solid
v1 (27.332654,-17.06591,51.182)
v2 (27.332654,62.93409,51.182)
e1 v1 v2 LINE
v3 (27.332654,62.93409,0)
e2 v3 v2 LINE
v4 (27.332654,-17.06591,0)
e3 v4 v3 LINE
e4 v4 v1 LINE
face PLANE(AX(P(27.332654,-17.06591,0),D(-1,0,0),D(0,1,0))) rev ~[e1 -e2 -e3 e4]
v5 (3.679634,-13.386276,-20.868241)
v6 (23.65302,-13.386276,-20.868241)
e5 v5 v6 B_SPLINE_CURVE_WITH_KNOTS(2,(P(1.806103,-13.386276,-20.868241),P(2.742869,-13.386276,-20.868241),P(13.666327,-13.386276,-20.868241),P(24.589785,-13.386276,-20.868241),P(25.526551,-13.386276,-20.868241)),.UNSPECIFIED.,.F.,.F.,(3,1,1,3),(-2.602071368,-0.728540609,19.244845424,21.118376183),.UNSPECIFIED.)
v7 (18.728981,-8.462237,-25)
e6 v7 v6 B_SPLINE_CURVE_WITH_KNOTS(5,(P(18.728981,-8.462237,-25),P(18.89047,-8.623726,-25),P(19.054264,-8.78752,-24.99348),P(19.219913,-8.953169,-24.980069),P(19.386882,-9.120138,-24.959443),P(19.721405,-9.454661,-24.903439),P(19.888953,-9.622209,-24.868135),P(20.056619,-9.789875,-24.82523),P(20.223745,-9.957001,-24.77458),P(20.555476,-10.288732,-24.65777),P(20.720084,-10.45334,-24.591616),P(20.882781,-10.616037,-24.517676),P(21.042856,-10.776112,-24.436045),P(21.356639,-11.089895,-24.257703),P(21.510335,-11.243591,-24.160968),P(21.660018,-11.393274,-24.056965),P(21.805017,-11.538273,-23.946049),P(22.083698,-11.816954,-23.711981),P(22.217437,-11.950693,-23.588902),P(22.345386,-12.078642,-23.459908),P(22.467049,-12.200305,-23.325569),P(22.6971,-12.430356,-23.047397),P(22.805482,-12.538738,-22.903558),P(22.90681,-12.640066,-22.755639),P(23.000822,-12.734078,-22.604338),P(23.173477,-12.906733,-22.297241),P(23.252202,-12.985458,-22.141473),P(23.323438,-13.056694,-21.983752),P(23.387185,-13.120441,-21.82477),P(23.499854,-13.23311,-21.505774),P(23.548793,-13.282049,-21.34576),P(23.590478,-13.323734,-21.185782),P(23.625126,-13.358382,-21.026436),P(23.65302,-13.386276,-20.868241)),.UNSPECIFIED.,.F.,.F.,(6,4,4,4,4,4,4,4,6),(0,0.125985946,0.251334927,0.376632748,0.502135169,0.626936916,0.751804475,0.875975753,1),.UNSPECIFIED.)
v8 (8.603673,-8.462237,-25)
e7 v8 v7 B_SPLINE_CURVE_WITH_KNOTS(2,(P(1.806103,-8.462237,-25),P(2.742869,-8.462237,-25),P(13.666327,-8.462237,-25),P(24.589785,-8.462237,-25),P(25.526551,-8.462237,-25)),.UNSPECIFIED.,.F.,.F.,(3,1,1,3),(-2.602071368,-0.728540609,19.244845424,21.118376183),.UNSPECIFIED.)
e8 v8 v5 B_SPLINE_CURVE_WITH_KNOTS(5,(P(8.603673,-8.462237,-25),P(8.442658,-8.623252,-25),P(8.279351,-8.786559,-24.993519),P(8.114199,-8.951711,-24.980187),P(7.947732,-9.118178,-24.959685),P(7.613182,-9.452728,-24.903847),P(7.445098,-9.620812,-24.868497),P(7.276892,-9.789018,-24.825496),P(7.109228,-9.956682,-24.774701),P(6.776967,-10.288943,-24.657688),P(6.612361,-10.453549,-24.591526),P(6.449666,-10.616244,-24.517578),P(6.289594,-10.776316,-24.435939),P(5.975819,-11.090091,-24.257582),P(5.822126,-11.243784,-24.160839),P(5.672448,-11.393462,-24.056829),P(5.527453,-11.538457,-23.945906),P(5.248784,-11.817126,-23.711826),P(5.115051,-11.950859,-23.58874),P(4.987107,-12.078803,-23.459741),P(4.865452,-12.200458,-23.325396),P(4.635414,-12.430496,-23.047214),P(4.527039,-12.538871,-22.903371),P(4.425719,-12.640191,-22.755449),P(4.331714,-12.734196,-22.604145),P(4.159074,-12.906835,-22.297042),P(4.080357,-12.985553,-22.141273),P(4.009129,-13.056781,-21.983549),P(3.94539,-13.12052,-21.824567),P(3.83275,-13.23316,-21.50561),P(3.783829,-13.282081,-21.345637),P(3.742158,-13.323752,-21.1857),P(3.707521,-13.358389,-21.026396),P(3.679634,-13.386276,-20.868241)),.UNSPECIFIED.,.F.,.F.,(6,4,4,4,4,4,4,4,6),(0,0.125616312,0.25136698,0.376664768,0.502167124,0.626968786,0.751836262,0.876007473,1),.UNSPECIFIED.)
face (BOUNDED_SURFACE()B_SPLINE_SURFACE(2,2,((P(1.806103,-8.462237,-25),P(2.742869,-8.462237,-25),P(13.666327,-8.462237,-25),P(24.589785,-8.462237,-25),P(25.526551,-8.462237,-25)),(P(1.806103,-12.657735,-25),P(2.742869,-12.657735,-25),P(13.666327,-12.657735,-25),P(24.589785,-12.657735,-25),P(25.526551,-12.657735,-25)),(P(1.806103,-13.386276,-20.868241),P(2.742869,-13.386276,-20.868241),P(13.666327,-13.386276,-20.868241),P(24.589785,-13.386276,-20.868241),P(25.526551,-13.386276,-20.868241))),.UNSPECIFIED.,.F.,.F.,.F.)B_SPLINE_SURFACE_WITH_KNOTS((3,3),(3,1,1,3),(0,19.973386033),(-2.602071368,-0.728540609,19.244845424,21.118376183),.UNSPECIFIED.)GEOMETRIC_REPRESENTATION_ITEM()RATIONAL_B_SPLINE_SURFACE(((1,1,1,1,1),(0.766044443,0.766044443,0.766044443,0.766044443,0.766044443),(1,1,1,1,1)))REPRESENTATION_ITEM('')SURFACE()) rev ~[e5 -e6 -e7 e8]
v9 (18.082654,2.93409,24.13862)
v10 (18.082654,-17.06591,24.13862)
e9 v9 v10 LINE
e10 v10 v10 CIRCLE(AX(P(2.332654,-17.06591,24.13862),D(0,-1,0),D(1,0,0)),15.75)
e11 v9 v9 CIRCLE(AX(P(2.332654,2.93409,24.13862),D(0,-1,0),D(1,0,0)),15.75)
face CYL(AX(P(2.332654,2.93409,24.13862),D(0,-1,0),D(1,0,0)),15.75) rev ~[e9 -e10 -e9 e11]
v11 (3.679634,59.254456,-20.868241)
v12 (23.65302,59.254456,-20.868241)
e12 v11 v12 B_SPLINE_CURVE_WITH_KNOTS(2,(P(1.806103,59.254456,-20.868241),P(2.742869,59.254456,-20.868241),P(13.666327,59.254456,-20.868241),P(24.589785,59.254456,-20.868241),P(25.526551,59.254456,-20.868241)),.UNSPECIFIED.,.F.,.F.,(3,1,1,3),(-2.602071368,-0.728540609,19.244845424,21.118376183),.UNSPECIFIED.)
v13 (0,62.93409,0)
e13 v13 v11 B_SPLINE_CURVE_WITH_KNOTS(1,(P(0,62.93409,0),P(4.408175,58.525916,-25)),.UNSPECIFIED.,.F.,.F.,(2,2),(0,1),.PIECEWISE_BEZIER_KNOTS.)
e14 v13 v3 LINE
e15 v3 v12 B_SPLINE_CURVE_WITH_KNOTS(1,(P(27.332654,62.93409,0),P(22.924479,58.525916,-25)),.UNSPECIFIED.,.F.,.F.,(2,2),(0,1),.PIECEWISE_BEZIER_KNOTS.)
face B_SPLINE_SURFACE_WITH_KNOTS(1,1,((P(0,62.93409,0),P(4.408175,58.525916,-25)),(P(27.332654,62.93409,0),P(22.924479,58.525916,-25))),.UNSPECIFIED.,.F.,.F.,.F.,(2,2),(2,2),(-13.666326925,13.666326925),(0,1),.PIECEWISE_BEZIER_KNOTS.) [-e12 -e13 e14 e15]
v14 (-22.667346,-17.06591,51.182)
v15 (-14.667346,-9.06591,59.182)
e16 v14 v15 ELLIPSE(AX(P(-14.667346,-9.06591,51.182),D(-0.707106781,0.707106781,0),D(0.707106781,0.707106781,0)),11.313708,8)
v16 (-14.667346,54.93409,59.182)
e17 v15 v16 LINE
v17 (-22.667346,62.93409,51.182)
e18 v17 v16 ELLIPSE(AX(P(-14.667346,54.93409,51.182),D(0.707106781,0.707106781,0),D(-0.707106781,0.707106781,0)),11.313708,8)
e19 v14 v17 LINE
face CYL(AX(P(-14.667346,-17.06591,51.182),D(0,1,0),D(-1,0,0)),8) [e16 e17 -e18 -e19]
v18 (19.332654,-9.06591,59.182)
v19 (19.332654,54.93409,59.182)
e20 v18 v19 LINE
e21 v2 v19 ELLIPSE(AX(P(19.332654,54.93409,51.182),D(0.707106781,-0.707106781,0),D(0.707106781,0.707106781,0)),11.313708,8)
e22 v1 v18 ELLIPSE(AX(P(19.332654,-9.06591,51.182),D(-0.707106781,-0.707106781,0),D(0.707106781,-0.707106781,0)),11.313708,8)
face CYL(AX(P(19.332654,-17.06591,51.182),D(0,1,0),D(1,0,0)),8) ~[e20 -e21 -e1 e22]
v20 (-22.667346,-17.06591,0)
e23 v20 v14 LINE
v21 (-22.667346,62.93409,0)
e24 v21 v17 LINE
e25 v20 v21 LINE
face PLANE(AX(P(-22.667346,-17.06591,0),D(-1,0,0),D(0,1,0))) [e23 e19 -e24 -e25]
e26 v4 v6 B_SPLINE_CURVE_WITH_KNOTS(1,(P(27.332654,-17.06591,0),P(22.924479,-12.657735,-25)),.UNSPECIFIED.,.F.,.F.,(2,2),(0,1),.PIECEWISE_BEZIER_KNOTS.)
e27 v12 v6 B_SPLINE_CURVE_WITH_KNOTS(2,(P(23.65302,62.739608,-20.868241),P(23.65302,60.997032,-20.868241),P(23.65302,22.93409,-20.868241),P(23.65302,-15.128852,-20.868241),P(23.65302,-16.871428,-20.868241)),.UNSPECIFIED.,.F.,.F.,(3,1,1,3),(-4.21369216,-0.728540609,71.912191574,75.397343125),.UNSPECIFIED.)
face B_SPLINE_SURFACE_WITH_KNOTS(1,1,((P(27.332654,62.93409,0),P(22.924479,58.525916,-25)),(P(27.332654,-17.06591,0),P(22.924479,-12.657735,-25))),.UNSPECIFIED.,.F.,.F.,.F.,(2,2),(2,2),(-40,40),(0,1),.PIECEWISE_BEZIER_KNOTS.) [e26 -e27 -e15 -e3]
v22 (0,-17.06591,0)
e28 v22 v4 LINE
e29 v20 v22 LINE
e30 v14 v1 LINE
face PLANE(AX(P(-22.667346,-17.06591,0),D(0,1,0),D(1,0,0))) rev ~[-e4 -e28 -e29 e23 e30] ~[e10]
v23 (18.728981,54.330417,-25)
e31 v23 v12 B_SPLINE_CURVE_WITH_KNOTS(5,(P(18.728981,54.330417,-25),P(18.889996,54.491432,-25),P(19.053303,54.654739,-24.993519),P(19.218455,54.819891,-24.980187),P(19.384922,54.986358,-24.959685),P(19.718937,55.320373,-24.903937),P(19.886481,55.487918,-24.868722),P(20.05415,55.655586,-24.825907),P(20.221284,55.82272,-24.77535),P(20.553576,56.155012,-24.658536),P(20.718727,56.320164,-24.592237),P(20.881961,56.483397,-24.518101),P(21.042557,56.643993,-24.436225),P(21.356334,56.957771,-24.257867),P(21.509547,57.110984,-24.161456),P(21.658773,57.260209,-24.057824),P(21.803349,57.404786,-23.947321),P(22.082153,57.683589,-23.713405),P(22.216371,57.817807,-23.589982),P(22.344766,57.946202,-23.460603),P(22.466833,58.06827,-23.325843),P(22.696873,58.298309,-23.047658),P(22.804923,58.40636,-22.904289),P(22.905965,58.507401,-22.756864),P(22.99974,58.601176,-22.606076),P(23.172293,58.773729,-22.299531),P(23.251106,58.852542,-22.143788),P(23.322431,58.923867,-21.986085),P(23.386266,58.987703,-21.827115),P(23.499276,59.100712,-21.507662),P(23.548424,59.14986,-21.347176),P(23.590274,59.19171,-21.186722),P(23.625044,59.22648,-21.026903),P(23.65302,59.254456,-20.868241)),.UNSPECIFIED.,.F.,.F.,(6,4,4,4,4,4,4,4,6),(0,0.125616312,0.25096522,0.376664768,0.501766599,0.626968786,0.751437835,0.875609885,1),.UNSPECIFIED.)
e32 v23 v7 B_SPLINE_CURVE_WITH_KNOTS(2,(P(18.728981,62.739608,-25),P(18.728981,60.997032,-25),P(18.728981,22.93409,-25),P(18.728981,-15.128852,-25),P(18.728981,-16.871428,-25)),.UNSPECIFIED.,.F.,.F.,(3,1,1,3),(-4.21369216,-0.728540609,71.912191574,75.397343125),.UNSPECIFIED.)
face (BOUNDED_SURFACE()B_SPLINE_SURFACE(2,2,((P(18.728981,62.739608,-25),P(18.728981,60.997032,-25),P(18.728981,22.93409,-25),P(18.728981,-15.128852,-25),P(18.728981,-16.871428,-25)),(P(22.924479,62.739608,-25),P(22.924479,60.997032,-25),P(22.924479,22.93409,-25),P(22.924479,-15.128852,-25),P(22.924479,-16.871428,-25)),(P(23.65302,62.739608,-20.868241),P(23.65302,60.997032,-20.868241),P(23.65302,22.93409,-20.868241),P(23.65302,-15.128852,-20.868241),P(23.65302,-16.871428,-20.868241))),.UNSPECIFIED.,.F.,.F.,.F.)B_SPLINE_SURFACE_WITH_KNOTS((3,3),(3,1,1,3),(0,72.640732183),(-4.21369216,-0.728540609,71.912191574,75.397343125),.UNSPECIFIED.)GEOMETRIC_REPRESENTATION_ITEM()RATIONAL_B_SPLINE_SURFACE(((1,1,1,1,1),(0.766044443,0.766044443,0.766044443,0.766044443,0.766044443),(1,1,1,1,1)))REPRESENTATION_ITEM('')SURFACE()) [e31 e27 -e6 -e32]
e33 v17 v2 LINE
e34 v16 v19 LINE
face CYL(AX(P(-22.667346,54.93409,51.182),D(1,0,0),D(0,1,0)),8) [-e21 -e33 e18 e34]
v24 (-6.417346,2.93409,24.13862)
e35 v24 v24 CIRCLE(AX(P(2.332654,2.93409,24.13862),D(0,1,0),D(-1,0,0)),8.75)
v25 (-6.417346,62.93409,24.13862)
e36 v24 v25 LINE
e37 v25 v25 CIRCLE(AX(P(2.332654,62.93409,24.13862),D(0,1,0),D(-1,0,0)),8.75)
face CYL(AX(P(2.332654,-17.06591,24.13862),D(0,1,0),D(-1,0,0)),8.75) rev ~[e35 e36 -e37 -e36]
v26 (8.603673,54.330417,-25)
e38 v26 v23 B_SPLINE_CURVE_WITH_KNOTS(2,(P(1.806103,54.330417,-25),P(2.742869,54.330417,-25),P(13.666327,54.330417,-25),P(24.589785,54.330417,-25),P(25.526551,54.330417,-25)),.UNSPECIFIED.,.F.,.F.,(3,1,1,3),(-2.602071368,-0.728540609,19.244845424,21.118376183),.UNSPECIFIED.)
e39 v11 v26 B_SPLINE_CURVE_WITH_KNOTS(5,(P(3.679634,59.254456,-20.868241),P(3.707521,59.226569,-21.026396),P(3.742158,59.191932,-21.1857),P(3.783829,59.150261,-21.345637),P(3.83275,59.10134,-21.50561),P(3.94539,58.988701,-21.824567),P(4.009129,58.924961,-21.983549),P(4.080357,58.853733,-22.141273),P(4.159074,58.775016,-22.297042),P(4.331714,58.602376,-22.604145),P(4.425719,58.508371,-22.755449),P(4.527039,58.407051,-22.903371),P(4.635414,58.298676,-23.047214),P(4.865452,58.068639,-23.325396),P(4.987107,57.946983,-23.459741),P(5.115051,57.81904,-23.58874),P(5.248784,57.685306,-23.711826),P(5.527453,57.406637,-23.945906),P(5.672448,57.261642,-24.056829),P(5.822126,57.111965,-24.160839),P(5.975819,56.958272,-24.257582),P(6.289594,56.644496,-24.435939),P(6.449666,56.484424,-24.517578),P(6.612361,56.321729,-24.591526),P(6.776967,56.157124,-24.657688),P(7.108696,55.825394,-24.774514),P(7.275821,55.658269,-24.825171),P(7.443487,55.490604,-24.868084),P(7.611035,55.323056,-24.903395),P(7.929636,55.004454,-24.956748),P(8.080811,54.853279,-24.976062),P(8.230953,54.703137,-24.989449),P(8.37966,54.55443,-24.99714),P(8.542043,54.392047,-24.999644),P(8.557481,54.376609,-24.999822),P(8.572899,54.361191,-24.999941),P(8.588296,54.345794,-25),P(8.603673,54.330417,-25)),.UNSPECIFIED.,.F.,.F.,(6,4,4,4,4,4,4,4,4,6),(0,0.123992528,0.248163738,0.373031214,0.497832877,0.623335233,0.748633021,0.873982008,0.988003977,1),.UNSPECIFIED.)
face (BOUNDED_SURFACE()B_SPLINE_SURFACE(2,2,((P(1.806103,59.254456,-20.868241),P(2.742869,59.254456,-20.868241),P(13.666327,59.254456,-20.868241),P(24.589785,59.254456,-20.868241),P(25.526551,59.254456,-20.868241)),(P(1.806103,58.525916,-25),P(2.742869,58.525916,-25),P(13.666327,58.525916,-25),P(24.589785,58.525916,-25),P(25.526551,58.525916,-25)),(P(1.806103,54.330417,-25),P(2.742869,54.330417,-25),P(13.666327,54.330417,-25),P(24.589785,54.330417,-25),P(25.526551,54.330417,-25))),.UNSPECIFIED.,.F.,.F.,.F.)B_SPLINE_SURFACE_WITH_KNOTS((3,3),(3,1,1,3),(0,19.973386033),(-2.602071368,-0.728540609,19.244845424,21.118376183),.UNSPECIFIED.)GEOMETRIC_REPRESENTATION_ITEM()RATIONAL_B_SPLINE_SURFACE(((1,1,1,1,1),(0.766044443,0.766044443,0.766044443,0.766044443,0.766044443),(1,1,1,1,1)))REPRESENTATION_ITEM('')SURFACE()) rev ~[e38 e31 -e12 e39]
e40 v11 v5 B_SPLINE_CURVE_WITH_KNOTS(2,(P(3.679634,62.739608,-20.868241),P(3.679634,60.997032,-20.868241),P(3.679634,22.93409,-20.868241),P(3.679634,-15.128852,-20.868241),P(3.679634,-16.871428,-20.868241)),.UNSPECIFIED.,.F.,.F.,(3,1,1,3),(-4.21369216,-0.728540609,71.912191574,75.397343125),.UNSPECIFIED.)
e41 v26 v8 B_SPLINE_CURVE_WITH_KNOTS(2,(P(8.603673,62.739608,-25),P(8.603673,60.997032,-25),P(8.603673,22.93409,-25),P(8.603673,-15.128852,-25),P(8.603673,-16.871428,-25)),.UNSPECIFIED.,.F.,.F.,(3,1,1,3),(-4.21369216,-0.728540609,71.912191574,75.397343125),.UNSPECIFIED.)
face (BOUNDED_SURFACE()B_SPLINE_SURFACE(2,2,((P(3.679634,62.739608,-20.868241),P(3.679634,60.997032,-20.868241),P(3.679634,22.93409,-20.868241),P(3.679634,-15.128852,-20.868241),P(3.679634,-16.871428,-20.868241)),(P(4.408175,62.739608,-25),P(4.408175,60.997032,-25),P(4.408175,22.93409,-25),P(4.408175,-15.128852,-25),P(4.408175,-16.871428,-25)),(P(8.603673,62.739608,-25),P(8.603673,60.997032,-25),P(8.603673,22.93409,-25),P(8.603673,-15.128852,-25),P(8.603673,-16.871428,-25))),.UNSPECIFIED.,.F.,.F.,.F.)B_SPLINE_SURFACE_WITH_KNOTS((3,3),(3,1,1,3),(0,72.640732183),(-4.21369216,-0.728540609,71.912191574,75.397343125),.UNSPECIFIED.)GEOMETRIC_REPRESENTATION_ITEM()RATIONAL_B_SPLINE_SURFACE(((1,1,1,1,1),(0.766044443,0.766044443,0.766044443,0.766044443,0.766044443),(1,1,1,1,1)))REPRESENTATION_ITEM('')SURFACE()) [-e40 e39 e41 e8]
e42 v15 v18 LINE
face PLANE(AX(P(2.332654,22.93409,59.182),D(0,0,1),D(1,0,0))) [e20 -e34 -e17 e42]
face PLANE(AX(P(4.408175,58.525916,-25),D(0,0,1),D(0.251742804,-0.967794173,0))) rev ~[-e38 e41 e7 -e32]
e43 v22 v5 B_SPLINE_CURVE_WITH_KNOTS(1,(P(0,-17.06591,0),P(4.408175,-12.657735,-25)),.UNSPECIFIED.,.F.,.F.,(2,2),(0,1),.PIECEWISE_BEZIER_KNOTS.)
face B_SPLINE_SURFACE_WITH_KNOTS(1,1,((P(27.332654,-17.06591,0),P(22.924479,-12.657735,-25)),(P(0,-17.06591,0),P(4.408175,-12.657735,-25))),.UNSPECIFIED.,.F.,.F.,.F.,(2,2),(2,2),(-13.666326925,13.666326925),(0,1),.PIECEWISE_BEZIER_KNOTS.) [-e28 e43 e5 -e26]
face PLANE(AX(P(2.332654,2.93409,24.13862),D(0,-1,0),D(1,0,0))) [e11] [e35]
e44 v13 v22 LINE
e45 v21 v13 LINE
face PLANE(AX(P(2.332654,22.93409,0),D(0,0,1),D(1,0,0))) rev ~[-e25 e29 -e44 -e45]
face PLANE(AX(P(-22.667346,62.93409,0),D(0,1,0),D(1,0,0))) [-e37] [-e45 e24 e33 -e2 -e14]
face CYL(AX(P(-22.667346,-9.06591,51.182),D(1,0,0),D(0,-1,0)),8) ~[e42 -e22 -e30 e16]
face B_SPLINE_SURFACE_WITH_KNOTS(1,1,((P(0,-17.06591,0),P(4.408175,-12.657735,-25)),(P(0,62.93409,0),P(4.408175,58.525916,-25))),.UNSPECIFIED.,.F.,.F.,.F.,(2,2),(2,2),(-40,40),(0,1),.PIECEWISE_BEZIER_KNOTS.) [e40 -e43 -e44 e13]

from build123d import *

# Parameters (mm, degrees)
F0_W           = 50
F0_H           = 80
F1_DEPTH       = 59.182
F2_R           = 8
F4_D           = 17.5
F4_CBORE_D     = 31.5
F4_CBORE_DEPTH = 20
F5_W           = 27.3326538503
F5_H           = 80
F6_DEPTH       = 25
F6_TAPER       = 10
F7_R           = 5


with BuildPart() as f1:
    # F0 (on Top) → F1 (new body)
    with BuildSketch(Plane.XY):
        with Locations((2.3326538503, 22.9340901269)):
            Rectangle(F0_W, F0_H)
    extrude(amount=F1_DEPTH)

    # F2
    f2_edges = [f1.edges().sort_by_distance(p)[0] for p in [
        (-22.667346, 22.93409, 59.182),
        (2.332654, -17.06591, 59.182),
        (27.332654, 22.93409, 59.182),
        (2.332654, 62.93409, 59.182),
    ]]
    fillet(f2_edges, radius=F2_R)

    # F4 (through all)
    with Locations(Plane.XZ.offset(17.0659098731)):
        with Locations((2.3326538503, 24.1386201233)):
            CounterBoreHole(F4_D / 2, F4_CBORE_D / 2, F4_CBORE_DEPTH)

    # F5 (on face) → F6 (join)
    with BuildSketch(Plane(origin=(0, 0, 0), x_dir=(1, 0, 0), z_dir=(0, 0, -1))):
        with Locations((13.6663269252, -22.9340901269)):
            Rectangle(F5_W, F5_H)
    extrude(amount=F6_DEPTH, taper=F6_TAPER)

    # F7
    f7_edges = [f1.edges().sort_by_distance(p)[0] for p in [
        (22.924479, 22.93409, -25),
        (13.666327, -12.657735, -25),
        (4.408175, 22.93409, -25),
        (13.666327, 58.525916, -25),
    ]]
    fillet(f7_edges, radius=F7_R)


solid = f1.part
